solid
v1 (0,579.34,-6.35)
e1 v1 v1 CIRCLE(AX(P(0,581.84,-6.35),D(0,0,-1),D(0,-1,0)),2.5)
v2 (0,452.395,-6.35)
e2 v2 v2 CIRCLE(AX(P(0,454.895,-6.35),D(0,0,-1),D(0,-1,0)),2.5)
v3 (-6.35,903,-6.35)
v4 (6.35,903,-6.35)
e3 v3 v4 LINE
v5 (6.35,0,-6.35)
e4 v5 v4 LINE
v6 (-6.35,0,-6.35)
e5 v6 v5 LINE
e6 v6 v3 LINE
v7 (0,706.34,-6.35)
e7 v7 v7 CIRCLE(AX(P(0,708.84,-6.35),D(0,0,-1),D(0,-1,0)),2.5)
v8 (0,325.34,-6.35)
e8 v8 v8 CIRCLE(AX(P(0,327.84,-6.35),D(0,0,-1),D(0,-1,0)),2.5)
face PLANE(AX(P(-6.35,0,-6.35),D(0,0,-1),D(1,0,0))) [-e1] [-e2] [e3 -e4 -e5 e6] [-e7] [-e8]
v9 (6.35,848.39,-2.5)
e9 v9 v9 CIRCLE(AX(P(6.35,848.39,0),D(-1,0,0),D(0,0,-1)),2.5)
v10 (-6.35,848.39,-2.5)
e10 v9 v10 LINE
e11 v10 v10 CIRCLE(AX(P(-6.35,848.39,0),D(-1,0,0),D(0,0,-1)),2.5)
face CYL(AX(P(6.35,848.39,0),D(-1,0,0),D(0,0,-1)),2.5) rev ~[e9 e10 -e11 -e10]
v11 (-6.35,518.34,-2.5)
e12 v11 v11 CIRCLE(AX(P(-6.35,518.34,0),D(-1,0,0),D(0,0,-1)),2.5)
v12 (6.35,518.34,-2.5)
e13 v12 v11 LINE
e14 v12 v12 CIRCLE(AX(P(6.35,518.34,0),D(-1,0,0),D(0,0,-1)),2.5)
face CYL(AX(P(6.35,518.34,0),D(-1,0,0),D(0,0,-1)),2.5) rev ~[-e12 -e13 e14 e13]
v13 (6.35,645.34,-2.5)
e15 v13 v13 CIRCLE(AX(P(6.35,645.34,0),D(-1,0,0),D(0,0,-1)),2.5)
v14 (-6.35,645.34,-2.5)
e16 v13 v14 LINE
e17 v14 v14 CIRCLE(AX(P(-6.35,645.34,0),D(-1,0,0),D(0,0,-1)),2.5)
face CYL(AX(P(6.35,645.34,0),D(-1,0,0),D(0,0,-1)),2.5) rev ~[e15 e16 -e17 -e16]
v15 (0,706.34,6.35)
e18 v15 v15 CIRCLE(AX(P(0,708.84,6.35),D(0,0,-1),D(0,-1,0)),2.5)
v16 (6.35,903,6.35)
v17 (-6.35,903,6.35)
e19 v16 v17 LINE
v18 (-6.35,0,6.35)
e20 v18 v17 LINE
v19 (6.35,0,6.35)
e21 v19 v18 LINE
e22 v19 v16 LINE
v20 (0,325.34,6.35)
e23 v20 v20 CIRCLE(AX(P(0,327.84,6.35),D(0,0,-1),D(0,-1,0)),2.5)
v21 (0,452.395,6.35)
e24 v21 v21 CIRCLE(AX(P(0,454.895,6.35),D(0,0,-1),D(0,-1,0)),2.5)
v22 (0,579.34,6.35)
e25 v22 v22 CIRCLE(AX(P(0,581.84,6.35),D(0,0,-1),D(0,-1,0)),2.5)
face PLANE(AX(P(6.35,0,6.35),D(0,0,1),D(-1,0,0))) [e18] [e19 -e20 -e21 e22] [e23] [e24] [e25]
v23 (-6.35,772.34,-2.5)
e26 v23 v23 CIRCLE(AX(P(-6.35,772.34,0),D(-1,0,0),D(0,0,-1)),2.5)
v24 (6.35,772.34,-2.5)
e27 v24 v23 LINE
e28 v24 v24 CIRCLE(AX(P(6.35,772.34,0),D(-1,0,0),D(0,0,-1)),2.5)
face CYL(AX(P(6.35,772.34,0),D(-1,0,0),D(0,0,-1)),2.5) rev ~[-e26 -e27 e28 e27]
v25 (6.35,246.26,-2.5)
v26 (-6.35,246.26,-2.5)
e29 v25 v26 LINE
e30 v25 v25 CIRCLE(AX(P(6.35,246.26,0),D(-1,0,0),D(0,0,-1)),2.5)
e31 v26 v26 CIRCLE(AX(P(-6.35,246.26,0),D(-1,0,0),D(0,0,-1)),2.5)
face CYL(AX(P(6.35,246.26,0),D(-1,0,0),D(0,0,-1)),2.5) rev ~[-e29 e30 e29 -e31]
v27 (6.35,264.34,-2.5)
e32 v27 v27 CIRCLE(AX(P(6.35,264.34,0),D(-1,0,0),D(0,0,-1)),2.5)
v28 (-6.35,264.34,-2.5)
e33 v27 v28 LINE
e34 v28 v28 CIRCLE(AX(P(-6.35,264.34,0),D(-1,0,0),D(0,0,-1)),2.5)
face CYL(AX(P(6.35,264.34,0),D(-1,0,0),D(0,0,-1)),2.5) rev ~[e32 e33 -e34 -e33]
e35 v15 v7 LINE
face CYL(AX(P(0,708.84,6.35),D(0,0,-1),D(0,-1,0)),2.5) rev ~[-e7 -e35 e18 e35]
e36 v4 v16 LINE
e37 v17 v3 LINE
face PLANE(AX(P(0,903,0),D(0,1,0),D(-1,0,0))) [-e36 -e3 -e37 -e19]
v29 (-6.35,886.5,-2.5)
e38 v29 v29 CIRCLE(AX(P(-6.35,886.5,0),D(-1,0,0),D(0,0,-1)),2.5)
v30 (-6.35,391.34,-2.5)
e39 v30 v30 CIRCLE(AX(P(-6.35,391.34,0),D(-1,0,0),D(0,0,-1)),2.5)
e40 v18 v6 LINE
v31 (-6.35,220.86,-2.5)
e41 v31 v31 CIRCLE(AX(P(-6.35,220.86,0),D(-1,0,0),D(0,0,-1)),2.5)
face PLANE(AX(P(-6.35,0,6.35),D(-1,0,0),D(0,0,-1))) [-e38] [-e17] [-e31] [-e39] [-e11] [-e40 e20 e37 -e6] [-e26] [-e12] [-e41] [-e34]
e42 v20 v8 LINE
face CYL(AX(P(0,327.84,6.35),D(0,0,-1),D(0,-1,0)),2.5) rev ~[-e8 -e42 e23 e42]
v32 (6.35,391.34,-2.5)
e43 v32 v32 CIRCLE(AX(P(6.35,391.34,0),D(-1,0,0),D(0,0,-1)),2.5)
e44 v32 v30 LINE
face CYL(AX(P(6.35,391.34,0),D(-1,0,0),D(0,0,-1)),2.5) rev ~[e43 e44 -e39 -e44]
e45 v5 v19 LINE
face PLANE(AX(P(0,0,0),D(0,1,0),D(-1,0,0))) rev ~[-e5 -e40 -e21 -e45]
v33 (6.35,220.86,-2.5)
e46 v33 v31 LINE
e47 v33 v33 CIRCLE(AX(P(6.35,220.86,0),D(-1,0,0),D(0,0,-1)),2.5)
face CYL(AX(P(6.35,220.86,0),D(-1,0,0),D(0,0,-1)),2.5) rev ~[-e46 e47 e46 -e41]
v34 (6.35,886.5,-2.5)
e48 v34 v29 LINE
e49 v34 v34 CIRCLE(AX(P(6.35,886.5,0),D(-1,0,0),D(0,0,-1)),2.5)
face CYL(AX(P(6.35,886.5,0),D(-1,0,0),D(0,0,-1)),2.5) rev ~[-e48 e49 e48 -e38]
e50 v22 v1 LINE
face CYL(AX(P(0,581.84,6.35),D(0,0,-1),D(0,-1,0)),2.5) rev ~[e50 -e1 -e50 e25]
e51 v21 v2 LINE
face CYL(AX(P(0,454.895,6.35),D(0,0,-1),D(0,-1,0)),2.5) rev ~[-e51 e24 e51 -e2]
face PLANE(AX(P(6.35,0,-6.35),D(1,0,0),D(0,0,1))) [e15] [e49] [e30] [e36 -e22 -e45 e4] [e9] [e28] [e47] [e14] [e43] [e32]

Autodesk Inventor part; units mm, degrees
ref_plane "YZ Plane" through (0, 0, 0) normal (1, 0, 0) x (0, 1, 0)
ref_plane "XZ Plane" through (0, 0, 0) normal (0, 1, 0) x (-1, 0, 0)
ref_plane "XY Plane" through (0, 0, 0) normal (0, 0, 1) x (1, 0, 0)
sketch "Sketch1" plane through (0, 0, 0) normal (0, 1, 0) x (-1, 0, 0)
  line L0 (-6.35, 6.35) -> (6.35, 6.35)
  line L1 (6.35, 6.35) -> (6.35, -6.35)
  line L2 (6.35, -6.35) -> (-6.35, -6.35)
  line L3 (-6.35, -6.35) -> (-6.35, 6.35)
  line L4 (-6.35, 6.35) -> (6.35, -6.35) construction
  line L5 (6.35, 6.35) -> (-6.35, -6.35) construction
  point P0 (0, 0)
  dimension "d0" = 12.7
  dimension "d1" = 12.7
extrude "Extrusion1" add sketch "Sketch1" along normal blind 903
sketch "Sketch3" plane through (6.35, 0, -6.35) normal (1, 0, 0) x (0, 0, -1)
  circle A0 centre (-6.35, 886.5) radius 2.5
  line L0 (-12.7, 903) -> (0, 903) projected
  point P0 (-6.35, 0)
  dimension "d4" = 5
  dimension "d5" = 16.5
sketch "Sketch4" plane through (6.35, 0, -6.35) normal (1, 0, 0) x (0, 0, -1)
  circle A0 centre (-6.35, 848.39) radius 2.5
  line L0 (-12.7, 903) -> (0, 903) projected
  point P0 (-6.35, 0)
  dimension "d6" = 5
  dimension "d7" = 54.61
sketch "Sketch5" plane through (6.35, 0, -6.35) normal (1, 0, 0) x (0, 0, -1)
  circle A0 centre (-6.35, 772.34) radius 2.5
  line L0 (-12.7, 903) -> (0, 903) projected
  point P0 (-6.35, 0)
  dimension "d8" = 5
  dimension "d9" = 130.66
sketch "Sketch6" plane through (6.35, 0, -6.35) normal (1, 0, 0) x (0, 0, -1)
  circle A0 centre (-6.35, 645.34) radius 2.5
  line L0 (-12.7, 903) -> (0, 903) projected
  point P0 (-6.35, 0)
  dimension "d10" = 5
  dimension "d11" = 257.66
sketch "Sketch7" plane through (6.35, 0, -6.35) normal (1, 0, 0) x (0, 0, -1)
  circle A0 centre (-6.35, 518.34) radius 2.5
  line L0 (-12.7, 903) -> (0, 903) projected
  point P0 (-6.35, 0)
  dimension "d12" = 5
  dimension "d13" = 384.66
sketch "Sketch8" plane through (6.35, 0, -6.35) normal (1, 0, 0) x (0, 0, -1)
  circle A0 centre (-6.35, 391.34) radius 2.5
  line L0 (-12.7, 903) -> (0, 903) projected
  point P0 (-6.35, 0)
  dimension "d14" = 5
  dimension "d15" = 511.66
sketch "Sketch9" plane through (6.35, 0, -6.35) normal (1, 0, 0) x (0, 0, -1)
  circle A0 centre (-6.35, 264.34) radius 2.5
  line L0 (-12.7, 903) -> (0, 903) projected
  point P0 (-6.35, 0)
  dimension "d16" = 5
  dimension "d17" = 638.66
sketch "Sketch10" plane through (6.35, 0, -6.35) normal (1, 0, 0) x (0, 0, -1)
  circle A0 centre (-6.35, 246.26) radius 2.5
  line L0 (-12.7, 903) -> (0, 903) projected
  point P0 (-6.35, 0)
  dimension "d18" = 5
  dimension "d19" = 656.74
sketch "Sketch11" plane through (6.35, 0, -6.35) normal (1, 0, 0) x (0, 0, -1)
  circle A0 centre (-6.35, 220.86) radius 2.5
  line L0 (-12.7, 903) -> (0, 903) projected
  point P0 (-6.35, 0)
  dimension "d20" = 5
  dimension "d21" = 682.14
hole "Hole1" at (6.35, 886.5, 0) direction (-1, 0, 0) diameter 5 end through all
hole "Hole2" at (6.35, 848.39, 0) direction (-1, 0, 0) diameter 5 end through all
hole "Hole3" at (6.35, 772.34, 0) direction (-1, 0, 0) diameter 5 end through all
hole "Hole4" at (6.35, 645.34, 0) direction (-1, 0, 0) diameter 5 end through all
hole "Hole5" at (6.35, 518.34, 0) direction (-1, 0, 0) diameter 5 end through all
hole "Hole6" at (6.35, 391.34, 0) direction (-1, 0, 0) diameter 5 end through all
hole "Hole7" at (6.35, 264.34, 0) direction (-1, 0, 0) diameter 5 end through all
hole "Hole8" at (6.35, 246.26, 0) direction (-1, 0, 0) diameter 5 end through all
hole "Hole9" at (6.35, 220.86, 0) direction (-1, 0, 0) diameter 5 end through all
sketch "Sketch21" plane through (6.35, 0, 6.35) normal (0, 0, 1) x (1, 0, 0)
  circle A0 centre (-6.35, 708.84) radius 2.5
  line L0 (-12.7, 903) -> (0, 903) projected
  point P0 (-6.35, 0)
  dimension "d161" = 5
  dimension "d162" = 194.16
sketch "Sketch22" plane through (6.35, 0, 6.35) normal (0, 0, 1) x (1, 0, 0)
  circle A0 centre (-6.35, 581.84) radius 2.5
  line L0 (-12.7, 903) -> (0, 903) projected
  point P0 (-6.35, 0)
  dimension "d163" = 5
  dimension "d164" = 321.16
sketch "Sketch23" plane through (6.35, 0, 6.35) normal (0, 0, 1) x (1, 0, 0)
  circle A0 centre (-6.35, 454.895) radius 2.5
  line L0 (-12.7, 903) -> (0, 903) projected
  point P0 (-6.35, 0)
  dimension "d165" = 5
  dimension "d166" = 448.105
sketch "Sketch24" plane through (6.35, 0, 6.35) normal (0, 0, 1) x (1, 0, 0)
  circle A0 centre (-6.35, 327.84) radius 2.5
  line L0 (-12.7, 903) -> (0, 903) projected
  point P0 (-6.35, 0)
  dimension "d167" = 5
  dimension "d168" = 575.16
hole "Hole18" at (0, 708.84, 6.35) direction (0, 0, -1) diameter 5 end through all
hole "Hole19" at (0, 581.84, 6.35) direction (0, 0, -1) diameter 5 end through all
hole "Hole20" at (0, 454.895, 6.35) direction (0, 0, -1) diameter 5 end through all
hole "Hole21" at (0, 327.84, 6.35) direction (0, 0, -1) diameter 5 end through all
properties part number "Aluminium Rod"
